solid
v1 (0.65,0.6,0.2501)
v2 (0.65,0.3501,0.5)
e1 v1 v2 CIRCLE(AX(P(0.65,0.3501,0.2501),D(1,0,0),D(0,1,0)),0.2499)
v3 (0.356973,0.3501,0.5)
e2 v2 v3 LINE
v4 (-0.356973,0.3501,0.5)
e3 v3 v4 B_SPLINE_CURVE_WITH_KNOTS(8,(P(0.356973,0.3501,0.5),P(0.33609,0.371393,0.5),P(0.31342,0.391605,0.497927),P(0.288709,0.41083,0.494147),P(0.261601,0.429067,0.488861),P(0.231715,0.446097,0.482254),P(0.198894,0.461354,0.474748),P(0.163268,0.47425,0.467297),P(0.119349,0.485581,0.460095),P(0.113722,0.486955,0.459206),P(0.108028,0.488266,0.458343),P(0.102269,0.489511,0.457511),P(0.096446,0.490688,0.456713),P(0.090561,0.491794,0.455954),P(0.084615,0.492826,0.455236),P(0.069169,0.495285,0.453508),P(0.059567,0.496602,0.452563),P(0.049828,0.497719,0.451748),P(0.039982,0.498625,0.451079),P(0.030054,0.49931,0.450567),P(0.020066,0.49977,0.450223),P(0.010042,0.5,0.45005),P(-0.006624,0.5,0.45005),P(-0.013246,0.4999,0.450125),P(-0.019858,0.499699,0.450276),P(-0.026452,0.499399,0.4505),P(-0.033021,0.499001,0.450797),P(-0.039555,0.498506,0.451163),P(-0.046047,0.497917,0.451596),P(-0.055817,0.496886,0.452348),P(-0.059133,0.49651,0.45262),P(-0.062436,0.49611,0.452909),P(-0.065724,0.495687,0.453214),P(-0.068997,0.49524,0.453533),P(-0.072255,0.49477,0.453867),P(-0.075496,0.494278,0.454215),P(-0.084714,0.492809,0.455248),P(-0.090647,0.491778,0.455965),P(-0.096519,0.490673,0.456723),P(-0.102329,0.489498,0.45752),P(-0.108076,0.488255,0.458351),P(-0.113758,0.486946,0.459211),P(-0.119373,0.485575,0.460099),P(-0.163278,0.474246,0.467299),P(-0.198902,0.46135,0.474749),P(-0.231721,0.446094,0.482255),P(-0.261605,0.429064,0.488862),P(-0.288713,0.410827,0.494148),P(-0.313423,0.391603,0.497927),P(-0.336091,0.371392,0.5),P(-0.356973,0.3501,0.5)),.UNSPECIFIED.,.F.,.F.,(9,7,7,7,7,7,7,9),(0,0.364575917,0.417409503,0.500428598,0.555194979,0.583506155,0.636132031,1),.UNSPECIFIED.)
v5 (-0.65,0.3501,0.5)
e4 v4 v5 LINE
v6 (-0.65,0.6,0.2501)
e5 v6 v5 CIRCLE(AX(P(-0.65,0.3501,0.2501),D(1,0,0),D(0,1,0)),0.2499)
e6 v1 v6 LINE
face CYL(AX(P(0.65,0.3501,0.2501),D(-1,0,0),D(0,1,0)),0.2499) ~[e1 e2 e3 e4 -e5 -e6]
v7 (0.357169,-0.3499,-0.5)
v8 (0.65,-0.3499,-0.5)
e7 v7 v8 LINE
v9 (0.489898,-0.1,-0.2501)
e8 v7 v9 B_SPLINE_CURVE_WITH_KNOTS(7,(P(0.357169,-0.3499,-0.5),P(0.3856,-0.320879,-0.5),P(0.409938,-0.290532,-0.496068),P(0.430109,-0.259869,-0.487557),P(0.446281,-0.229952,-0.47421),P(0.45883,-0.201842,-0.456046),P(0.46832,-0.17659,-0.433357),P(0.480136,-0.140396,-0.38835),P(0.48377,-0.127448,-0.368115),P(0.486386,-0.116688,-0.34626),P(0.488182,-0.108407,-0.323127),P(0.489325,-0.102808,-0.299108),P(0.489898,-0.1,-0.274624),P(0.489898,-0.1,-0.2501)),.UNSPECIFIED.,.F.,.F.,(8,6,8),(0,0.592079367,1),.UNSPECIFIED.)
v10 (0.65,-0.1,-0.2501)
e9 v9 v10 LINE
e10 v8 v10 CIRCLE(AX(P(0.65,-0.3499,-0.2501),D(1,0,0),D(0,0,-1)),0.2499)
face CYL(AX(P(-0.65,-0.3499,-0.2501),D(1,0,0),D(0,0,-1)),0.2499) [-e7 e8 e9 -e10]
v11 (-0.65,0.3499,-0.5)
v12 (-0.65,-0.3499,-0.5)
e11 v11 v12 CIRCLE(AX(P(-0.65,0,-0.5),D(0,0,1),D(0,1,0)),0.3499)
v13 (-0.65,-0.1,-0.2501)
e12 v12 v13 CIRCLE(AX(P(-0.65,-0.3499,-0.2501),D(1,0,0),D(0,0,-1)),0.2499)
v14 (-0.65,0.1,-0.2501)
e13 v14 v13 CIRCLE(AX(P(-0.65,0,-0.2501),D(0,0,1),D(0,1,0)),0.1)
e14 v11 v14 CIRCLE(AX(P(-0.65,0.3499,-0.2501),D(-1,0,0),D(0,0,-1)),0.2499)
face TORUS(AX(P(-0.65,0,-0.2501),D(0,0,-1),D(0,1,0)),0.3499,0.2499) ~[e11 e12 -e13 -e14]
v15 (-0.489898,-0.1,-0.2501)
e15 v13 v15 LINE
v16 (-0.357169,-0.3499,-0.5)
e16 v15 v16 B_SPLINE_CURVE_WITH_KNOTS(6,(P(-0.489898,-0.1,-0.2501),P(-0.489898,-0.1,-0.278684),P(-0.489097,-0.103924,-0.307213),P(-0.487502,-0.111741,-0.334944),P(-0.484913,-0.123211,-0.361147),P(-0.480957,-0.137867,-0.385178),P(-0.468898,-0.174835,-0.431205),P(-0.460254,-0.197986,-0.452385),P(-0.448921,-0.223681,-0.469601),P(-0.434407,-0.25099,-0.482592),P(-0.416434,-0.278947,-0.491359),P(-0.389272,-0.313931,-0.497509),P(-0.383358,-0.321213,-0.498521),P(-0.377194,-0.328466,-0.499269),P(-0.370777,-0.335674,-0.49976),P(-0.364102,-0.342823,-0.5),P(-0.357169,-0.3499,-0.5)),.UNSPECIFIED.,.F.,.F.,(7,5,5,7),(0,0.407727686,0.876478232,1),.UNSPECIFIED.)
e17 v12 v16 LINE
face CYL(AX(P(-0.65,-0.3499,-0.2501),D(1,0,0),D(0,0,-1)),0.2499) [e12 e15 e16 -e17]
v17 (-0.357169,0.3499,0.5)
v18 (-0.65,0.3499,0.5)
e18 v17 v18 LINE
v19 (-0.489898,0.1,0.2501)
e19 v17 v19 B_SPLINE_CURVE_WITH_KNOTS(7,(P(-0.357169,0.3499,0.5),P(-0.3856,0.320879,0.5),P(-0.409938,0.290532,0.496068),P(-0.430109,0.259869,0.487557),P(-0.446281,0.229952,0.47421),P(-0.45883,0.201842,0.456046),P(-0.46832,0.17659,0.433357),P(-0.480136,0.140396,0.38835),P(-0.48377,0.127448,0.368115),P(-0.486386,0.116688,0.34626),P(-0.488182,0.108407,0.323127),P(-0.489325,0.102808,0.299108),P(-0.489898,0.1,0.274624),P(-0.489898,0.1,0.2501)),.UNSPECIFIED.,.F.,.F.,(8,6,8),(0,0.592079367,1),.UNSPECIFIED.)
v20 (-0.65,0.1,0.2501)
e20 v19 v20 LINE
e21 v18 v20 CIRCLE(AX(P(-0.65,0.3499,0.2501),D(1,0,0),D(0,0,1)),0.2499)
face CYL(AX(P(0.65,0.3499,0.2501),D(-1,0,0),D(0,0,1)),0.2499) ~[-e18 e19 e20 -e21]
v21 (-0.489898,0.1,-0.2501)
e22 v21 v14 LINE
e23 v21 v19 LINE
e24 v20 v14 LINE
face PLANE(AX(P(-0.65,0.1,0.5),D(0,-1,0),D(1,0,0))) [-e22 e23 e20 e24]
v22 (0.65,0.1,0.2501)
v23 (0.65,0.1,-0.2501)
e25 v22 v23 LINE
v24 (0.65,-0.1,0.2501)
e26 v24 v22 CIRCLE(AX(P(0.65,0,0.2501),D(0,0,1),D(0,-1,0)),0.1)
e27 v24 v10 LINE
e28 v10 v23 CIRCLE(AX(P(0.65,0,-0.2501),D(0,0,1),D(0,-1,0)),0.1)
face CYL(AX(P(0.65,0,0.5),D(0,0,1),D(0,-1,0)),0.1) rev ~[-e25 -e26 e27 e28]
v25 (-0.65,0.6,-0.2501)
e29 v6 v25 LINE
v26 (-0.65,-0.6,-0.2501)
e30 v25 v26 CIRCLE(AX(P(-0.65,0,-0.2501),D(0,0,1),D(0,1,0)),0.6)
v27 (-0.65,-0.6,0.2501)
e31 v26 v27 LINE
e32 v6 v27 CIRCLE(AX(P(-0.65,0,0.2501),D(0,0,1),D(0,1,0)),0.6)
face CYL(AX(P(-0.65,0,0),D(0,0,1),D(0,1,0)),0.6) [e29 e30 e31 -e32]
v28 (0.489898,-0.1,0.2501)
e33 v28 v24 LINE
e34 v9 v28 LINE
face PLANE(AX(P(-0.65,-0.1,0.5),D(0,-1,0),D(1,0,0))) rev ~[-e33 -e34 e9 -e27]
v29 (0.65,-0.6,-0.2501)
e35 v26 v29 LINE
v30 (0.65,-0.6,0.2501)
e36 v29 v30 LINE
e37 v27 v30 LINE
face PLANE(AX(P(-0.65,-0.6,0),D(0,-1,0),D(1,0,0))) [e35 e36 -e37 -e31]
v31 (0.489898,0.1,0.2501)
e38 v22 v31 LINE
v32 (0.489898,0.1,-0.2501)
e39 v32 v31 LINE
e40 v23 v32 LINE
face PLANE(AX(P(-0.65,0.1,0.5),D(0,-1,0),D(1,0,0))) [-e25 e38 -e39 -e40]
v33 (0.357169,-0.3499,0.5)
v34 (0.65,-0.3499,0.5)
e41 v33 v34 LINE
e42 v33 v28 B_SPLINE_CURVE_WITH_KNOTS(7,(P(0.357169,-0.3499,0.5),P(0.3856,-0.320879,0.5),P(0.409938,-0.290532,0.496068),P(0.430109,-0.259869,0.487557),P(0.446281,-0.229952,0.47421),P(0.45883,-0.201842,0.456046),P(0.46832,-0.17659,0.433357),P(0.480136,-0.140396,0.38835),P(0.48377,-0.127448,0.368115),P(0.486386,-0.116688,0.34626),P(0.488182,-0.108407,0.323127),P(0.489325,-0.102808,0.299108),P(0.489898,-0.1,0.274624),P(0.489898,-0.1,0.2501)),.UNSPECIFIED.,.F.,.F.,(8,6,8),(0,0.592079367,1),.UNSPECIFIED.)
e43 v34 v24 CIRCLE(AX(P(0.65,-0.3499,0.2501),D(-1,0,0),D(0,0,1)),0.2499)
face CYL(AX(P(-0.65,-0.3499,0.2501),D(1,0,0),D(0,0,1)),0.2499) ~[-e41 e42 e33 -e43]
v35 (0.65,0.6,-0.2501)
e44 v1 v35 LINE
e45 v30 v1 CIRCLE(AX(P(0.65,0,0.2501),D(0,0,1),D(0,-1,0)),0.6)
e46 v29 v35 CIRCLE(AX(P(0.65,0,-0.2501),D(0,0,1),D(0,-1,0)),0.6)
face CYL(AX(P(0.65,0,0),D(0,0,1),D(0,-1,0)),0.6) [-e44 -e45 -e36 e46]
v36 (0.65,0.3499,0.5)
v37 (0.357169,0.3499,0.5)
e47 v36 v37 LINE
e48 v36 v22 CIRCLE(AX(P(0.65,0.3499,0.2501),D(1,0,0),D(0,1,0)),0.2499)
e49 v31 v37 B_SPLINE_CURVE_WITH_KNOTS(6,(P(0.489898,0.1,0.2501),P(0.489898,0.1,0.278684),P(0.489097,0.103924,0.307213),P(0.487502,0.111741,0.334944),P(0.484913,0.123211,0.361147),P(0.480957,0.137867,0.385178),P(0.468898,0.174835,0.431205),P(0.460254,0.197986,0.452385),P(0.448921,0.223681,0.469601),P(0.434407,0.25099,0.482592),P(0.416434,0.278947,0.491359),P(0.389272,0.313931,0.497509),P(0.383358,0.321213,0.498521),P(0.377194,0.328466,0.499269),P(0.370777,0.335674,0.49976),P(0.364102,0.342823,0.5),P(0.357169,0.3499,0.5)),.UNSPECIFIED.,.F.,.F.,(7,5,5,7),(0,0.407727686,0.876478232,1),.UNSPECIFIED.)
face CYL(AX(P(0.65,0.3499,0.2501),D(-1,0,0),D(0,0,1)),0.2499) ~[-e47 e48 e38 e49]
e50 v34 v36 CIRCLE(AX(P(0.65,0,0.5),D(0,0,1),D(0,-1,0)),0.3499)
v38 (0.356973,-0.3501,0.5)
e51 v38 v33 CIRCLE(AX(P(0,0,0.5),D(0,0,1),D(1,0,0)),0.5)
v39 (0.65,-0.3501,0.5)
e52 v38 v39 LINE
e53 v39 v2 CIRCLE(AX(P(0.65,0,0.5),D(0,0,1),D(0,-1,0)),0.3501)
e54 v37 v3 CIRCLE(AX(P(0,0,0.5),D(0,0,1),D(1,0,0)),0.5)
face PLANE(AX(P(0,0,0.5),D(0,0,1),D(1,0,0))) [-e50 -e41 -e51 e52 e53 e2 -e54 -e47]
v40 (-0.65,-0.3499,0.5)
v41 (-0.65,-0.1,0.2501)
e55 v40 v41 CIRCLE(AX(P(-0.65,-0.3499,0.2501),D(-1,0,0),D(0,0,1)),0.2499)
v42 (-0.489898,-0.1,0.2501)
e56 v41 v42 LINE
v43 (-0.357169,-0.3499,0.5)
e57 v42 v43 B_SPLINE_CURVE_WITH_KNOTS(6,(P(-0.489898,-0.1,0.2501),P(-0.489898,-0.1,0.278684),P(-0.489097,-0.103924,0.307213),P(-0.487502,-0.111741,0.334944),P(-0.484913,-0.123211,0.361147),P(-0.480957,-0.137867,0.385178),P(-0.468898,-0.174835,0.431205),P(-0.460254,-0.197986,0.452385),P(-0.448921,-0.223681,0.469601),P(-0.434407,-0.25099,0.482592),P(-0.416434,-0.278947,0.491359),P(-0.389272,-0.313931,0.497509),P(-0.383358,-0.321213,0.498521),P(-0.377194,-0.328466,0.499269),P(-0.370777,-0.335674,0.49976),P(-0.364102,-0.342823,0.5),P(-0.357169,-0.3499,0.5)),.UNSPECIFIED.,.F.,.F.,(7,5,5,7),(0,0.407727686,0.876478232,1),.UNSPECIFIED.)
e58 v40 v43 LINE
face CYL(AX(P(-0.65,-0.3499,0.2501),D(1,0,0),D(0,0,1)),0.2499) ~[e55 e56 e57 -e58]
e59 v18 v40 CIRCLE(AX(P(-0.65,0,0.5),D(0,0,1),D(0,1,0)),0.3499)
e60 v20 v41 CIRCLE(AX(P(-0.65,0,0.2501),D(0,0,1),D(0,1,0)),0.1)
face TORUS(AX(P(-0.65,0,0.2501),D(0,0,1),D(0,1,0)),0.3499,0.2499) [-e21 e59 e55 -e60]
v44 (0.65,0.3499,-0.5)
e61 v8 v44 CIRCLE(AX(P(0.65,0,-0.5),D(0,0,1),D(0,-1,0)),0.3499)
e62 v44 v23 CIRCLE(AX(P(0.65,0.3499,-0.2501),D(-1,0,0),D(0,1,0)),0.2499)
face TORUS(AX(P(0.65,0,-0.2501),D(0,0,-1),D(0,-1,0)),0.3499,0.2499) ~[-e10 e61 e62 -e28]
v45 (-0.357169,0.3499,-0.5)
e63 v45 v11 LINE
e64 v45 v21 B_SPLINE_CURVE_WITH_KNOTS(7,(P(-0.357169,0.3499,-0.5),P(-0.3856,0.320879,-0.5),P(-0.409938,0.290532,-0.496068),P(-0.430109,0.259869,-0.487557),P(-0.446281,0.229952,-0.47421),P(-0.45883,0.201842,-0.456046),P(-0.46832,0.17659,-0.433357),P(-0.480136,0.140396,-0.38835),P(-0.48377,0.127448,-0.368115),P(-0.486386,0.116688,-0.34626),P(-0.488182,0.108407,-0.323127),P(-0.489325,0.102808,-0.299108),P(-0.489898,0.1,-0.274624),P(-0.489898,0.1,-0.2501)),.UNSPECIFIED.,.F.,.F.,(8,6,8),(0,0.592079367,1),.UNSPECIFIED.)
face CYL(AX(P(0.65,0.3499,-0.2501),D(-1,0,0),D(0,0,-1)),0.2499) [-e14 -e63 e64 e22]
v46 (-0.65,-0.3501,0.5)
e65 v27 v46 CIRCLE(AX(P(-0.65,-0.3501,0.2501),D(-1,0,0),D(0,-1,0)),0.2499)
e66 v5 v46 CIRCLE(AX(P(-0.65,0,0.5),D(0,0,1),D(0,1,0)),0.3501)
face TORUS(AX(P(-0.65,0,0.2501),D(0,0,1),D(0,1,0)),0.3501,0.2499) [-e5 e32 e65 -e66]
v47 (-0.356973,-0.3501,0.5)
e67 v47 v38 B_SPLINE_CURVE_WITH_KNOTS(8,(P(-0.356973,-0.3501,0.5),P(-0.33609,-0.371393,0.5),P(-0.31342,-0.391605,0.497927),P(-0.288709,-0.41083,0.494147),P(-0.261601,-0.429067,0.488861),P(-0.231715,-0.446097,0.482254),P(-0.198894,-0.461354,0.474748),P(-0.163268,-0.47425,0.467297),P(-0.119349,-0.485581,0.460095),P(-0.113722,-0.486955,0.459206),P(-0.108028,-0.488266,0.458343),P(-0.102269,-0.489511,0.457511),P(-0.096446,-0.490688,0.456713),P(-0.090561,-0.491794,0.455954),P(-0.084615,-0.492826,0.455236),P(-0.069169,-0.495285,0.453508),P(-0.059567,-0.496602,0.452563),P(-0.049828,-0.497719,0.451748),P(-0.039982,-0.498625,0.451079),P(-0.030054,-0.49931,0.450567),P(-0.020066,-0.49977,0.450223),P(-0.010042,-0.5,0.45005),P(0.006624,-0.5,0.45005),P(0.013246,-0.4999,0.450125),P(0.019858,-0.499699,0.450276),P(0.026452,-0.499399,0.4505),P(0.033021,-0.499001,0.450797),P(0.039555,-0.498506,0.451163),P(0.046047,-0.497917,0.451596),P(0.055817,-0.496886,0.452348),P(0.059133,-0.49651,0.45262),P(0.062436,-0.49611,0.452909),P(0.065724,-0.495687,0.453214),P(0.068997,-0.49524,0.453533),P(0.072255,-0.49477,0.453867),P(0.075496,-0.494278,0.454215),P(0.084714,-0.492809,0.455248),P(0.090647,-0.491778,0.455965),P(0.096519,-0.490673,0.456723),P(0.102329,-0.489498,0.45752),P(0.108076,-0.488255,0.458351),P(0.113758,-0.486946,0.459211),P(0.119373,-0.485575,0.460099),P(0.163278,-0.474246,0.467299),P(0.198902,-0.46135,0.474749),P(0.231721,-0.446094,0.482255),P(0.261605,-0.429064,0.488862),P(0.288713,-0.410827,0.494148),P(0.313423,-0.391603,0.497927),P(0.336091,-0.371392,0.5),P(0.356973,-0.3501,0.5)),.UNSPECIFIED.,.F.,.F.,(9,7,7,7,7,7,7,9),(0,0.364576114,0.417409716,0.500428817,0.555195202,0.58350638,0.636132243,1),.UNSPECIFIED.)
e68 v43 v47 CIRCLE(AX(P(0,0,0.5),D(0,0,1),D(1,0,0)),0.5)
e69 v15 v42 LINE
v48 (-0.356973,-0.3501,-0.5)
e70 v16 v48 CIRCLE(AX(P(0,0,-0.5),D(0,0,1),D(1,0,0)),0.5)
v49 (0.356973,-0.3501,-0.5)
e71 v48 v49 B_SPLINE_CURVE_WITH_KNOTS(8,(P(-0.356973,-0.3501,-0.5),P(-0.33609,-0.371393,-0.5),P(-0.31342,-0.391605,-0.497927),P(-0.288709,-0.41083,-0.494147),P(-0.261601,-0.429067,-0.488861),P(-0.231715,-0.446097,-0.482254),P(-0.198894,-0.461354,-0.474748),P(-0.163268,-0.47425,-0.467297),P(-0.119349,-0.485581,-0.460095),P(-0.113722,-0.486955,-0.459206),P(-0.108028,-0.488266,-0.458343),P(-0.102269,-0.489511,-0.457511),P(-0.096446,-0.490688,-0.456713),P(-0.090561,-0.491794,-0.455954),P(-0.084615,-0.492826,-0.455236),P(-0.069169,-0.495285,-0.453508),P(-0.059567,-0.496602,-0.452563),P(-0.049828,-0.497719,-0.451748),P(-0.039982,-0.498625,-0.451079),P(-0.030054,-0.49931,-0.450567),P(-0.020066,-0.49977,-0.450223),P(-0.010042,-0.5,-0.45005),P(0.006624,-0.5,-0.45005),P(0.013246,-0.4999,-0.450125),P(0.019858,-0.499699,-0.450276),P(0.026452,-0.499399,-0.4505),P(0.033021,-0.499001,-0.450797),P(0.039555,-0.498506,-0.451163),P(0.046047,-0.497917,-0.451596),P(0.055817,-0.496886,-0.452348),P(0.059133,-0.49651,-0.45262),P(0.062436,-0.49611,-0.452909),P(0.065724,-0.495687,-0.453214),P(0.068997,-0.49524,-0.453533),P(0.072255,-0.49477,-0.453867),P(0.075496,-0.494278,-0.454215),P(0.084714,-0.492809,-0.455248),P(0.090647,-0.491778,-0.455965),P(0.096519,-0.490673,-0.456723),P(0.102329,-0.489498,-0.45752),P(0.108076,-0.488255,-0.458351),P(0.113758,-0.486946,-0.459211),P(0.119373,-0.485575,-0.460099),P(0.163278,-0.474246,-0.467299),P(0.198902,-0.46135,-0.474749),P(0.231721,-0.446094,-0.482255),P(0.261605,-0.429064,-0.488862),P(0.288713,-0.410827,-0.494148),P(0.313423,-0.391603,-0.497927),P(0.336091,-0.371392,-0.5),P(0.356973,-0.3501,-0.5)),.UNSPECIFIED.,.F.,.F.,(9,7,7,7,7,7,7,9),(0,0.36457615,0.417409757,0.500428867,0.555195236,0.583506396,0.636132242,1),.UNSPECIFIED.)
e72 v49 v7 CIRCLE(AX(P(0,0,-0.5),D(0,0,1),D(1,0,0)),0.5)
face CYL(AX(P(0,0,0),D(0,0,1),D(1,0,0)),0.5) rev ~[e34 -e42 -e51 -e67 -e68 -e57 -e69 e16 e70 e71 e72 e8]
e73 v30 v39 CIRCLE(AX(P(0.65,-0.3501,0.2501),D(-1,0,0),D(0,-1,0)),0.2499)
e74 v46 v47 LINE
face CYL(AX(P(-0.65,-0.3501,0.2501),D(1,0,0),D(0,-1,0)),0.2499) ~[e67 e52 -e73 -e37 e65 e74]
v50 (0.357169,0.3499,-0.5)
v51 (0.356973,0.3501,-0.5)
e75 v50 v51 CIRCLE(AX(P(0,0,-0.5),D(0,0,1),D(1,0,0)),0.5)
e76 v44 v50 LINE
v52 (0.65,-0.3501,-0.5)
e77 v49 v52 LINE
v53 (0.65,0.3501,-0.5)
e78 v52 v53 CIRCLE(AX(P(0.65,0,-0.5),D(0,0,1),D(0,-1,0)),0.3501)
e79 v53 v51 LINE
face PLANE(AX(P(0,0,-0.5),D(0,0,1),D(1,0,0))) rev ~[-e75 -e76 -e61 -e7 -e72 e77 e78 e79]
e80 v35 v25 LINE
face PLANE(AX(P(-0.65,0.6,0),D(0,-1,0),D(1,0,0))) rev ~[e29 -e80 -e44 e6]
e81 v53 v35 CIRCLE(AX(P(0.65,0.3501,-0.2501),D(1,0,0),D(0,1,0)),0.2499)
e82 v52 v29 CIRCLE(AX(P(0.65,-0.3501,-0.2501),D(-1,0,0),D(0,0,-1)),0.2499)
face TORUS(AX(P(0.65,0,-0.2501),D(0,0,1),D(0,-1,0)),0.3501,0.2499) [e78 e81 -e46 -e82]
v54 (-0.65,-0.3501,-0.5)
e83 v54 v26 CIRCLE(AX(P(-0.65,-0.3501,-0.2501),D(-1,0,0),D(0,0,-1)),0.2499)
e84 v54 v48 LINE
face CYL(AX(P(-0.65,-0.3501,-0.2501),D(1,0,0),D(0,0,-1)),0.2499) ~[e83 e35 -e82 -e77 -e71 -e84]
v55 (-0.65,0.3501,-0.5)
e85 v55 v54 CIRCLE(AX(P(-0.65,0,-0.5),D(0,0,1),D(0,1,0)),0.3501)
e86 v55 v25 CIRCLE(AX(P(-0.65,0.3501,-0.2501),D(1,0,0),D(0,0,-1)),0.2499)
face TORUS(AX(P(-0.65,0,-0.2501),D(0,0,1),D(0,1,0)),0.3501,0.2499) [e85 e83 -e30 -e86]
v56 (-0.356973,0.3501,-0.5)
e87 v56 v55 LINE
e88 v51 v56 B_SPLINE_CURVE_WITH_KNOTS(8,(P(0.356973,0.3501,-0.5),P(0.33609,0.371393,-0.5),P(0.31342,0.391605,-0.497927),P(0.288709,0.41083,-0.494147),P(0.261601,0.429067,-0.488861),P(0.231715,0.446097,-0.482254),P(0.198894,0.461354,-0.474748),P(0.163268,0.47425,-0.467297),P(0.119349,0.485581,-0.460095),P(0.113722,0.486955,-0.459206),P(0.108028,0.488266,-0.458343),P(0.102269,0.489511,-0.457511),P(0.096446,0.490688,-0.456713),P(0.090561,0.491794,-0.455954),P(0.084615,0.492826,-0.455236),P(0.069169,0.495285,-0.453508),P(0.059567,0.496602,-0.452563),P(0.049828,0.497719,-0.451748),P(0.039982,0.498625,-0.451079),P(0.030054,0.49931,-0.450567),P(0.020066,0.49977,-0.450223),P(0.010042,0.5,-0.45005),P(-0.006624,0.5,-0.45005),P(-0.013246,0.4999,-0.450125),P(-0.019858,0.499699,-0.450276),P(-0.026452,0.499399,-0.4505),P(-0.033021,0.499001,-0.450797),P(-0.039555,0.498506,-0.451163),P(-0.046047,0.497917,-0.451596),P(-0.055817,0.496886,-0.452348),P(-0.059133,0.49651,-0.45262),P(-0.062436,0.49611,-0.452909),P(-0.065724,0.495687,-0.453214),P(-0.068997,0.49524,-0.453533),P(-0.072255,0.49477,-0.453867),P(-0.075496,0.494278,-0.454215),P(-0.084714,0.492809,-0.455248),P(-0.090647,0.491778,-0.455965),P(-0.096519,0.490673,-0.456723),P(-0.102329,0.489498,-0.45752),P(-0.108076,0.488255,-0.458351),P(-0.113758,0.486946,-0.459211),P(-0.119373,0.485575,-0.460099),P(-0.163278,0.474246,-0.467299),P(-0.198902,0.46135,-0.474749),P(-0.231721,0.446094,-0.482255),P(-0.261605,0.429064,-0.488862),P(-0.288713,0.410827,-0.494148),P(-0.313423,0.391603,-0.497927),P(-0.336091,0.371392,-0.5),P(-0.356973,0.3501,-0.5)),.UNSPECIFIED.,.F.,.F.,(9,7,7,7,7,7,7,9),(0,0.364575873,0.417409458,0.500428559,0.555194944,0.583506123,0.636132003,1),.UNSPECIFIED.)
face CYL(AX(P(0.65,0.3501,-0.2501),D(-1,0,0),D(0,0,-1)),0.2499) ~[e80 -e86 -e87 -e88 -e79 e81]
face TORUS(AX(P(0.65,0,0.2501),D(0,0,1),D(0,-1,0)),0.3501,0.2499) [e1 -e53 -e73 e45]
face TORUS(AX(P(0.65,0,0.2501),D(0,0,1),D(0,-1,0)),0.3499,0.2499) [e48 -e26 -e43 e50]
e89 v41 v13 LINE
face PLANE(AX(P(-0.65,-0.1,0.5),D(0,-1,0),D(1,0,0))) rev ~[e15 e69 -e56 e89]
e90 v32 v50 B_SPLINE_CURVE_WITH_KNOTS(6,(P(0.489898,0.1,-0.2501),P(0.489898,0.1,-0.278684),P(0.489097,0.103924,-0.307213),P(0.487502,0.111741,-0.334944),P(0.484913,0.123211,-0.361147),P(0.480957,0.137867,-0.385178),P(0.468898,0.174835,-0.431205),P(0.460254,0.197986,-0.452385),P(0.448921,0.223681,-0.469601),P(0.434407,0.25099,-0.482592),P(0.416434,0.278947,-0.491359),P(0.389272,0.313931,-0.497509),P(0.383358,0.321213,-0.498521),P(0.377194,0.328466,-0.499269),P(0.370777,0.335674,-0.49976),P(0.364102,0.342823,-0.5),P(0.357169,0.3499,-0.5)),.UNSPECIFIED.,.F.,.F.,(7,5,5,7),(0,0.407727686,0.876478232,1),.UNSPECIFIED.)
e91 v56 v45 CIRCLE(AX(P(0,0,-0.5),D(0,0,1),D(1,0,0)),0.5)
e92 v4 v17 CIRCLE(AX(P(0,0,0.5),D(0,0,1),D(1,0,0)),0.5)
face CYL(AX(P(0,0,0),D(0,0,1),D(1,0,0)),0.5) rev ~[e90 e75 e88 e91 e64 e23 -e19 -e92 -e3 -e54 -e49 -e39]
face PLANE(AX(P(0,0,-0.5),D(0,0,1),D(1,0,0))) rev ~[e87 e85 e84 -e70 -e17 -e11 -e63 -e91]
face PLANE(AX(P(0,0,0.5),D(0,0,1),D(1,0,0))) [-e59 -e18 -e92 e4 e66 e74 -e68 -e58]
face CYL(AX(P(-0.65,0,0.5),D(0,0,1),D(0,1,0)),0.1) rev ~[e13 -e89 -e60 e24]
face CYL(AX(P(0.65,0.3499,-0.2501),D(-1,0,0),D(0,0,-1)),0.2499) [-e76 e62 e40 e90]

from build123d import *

# Parameters (mm, degrees)
PAD_DEPTH       = 0.5
POCKET_DEPTH    = 5
FILLET_R        = 0.2499
SKETCH002_R     = 0.5
POCKET001_DEPTH = 2.5


with BuildPart() as part:
    # Sketch (on XY_Plane of Origin) → Pad (new body, symmetric)
    with BuildSketch(Plane.XY):
        with BuildLine():
            ThreePointArc((-0.65, 0.6), (-1.25, 0), (-0.65, -0.6))
            Line((-0.65, -0.6), (0.65, -0.6))
            ThreePointArc((0.65, -0.6), (1.25, 0), (0.65, 0.6))
            Line((-0.65, 0.6), (0.65, 0.6))
        make_face()
    extrude(amount=PAD_DEPTH, both=True)

    # Sketch001 (on Face6 of Pad) → Pocket (cut)
    with BuildSketch(Plane.XY.offset(0.5)):
        with BuildLine():
            ThreePointArc((-0.65, 0.1), (-0.75, 0), (-0.65, -0.1))
            Line((-0.65, -0.1), (0.65, -0.1))
            ThreePointArc((0.65, -0.1), (0.75, 0), (0.65, 0.1))
            Line((-0.65, 0.1), (0.65, 0.1))
        make_face()
    extrude(amount=-POCKET_DEPTH, mode=Mode.SUBTRACT)

    # Fillet
    fillet_edges = [part.edges().sort_by_distance(p)[0] for p in [
        (0, -0.6, 0.5),
        (0, -0.1, 0.5),
        (0, -0.6, -0.5),
        (0, -0.1, -0.5),
    ]]
    fillet(fillet_edges, radius=FILLET_R)

    # Sketch002 (on XY_Plane of Origin) → Pocket001 (cut, symmetric)
    with BuildSketch(Plane.XY):
        Circle(SKETCH002_R)
    extrude(amount=POCKET001_DEPTH, both=True, mode=Mode.SUBTRACT)


solid = part.part
